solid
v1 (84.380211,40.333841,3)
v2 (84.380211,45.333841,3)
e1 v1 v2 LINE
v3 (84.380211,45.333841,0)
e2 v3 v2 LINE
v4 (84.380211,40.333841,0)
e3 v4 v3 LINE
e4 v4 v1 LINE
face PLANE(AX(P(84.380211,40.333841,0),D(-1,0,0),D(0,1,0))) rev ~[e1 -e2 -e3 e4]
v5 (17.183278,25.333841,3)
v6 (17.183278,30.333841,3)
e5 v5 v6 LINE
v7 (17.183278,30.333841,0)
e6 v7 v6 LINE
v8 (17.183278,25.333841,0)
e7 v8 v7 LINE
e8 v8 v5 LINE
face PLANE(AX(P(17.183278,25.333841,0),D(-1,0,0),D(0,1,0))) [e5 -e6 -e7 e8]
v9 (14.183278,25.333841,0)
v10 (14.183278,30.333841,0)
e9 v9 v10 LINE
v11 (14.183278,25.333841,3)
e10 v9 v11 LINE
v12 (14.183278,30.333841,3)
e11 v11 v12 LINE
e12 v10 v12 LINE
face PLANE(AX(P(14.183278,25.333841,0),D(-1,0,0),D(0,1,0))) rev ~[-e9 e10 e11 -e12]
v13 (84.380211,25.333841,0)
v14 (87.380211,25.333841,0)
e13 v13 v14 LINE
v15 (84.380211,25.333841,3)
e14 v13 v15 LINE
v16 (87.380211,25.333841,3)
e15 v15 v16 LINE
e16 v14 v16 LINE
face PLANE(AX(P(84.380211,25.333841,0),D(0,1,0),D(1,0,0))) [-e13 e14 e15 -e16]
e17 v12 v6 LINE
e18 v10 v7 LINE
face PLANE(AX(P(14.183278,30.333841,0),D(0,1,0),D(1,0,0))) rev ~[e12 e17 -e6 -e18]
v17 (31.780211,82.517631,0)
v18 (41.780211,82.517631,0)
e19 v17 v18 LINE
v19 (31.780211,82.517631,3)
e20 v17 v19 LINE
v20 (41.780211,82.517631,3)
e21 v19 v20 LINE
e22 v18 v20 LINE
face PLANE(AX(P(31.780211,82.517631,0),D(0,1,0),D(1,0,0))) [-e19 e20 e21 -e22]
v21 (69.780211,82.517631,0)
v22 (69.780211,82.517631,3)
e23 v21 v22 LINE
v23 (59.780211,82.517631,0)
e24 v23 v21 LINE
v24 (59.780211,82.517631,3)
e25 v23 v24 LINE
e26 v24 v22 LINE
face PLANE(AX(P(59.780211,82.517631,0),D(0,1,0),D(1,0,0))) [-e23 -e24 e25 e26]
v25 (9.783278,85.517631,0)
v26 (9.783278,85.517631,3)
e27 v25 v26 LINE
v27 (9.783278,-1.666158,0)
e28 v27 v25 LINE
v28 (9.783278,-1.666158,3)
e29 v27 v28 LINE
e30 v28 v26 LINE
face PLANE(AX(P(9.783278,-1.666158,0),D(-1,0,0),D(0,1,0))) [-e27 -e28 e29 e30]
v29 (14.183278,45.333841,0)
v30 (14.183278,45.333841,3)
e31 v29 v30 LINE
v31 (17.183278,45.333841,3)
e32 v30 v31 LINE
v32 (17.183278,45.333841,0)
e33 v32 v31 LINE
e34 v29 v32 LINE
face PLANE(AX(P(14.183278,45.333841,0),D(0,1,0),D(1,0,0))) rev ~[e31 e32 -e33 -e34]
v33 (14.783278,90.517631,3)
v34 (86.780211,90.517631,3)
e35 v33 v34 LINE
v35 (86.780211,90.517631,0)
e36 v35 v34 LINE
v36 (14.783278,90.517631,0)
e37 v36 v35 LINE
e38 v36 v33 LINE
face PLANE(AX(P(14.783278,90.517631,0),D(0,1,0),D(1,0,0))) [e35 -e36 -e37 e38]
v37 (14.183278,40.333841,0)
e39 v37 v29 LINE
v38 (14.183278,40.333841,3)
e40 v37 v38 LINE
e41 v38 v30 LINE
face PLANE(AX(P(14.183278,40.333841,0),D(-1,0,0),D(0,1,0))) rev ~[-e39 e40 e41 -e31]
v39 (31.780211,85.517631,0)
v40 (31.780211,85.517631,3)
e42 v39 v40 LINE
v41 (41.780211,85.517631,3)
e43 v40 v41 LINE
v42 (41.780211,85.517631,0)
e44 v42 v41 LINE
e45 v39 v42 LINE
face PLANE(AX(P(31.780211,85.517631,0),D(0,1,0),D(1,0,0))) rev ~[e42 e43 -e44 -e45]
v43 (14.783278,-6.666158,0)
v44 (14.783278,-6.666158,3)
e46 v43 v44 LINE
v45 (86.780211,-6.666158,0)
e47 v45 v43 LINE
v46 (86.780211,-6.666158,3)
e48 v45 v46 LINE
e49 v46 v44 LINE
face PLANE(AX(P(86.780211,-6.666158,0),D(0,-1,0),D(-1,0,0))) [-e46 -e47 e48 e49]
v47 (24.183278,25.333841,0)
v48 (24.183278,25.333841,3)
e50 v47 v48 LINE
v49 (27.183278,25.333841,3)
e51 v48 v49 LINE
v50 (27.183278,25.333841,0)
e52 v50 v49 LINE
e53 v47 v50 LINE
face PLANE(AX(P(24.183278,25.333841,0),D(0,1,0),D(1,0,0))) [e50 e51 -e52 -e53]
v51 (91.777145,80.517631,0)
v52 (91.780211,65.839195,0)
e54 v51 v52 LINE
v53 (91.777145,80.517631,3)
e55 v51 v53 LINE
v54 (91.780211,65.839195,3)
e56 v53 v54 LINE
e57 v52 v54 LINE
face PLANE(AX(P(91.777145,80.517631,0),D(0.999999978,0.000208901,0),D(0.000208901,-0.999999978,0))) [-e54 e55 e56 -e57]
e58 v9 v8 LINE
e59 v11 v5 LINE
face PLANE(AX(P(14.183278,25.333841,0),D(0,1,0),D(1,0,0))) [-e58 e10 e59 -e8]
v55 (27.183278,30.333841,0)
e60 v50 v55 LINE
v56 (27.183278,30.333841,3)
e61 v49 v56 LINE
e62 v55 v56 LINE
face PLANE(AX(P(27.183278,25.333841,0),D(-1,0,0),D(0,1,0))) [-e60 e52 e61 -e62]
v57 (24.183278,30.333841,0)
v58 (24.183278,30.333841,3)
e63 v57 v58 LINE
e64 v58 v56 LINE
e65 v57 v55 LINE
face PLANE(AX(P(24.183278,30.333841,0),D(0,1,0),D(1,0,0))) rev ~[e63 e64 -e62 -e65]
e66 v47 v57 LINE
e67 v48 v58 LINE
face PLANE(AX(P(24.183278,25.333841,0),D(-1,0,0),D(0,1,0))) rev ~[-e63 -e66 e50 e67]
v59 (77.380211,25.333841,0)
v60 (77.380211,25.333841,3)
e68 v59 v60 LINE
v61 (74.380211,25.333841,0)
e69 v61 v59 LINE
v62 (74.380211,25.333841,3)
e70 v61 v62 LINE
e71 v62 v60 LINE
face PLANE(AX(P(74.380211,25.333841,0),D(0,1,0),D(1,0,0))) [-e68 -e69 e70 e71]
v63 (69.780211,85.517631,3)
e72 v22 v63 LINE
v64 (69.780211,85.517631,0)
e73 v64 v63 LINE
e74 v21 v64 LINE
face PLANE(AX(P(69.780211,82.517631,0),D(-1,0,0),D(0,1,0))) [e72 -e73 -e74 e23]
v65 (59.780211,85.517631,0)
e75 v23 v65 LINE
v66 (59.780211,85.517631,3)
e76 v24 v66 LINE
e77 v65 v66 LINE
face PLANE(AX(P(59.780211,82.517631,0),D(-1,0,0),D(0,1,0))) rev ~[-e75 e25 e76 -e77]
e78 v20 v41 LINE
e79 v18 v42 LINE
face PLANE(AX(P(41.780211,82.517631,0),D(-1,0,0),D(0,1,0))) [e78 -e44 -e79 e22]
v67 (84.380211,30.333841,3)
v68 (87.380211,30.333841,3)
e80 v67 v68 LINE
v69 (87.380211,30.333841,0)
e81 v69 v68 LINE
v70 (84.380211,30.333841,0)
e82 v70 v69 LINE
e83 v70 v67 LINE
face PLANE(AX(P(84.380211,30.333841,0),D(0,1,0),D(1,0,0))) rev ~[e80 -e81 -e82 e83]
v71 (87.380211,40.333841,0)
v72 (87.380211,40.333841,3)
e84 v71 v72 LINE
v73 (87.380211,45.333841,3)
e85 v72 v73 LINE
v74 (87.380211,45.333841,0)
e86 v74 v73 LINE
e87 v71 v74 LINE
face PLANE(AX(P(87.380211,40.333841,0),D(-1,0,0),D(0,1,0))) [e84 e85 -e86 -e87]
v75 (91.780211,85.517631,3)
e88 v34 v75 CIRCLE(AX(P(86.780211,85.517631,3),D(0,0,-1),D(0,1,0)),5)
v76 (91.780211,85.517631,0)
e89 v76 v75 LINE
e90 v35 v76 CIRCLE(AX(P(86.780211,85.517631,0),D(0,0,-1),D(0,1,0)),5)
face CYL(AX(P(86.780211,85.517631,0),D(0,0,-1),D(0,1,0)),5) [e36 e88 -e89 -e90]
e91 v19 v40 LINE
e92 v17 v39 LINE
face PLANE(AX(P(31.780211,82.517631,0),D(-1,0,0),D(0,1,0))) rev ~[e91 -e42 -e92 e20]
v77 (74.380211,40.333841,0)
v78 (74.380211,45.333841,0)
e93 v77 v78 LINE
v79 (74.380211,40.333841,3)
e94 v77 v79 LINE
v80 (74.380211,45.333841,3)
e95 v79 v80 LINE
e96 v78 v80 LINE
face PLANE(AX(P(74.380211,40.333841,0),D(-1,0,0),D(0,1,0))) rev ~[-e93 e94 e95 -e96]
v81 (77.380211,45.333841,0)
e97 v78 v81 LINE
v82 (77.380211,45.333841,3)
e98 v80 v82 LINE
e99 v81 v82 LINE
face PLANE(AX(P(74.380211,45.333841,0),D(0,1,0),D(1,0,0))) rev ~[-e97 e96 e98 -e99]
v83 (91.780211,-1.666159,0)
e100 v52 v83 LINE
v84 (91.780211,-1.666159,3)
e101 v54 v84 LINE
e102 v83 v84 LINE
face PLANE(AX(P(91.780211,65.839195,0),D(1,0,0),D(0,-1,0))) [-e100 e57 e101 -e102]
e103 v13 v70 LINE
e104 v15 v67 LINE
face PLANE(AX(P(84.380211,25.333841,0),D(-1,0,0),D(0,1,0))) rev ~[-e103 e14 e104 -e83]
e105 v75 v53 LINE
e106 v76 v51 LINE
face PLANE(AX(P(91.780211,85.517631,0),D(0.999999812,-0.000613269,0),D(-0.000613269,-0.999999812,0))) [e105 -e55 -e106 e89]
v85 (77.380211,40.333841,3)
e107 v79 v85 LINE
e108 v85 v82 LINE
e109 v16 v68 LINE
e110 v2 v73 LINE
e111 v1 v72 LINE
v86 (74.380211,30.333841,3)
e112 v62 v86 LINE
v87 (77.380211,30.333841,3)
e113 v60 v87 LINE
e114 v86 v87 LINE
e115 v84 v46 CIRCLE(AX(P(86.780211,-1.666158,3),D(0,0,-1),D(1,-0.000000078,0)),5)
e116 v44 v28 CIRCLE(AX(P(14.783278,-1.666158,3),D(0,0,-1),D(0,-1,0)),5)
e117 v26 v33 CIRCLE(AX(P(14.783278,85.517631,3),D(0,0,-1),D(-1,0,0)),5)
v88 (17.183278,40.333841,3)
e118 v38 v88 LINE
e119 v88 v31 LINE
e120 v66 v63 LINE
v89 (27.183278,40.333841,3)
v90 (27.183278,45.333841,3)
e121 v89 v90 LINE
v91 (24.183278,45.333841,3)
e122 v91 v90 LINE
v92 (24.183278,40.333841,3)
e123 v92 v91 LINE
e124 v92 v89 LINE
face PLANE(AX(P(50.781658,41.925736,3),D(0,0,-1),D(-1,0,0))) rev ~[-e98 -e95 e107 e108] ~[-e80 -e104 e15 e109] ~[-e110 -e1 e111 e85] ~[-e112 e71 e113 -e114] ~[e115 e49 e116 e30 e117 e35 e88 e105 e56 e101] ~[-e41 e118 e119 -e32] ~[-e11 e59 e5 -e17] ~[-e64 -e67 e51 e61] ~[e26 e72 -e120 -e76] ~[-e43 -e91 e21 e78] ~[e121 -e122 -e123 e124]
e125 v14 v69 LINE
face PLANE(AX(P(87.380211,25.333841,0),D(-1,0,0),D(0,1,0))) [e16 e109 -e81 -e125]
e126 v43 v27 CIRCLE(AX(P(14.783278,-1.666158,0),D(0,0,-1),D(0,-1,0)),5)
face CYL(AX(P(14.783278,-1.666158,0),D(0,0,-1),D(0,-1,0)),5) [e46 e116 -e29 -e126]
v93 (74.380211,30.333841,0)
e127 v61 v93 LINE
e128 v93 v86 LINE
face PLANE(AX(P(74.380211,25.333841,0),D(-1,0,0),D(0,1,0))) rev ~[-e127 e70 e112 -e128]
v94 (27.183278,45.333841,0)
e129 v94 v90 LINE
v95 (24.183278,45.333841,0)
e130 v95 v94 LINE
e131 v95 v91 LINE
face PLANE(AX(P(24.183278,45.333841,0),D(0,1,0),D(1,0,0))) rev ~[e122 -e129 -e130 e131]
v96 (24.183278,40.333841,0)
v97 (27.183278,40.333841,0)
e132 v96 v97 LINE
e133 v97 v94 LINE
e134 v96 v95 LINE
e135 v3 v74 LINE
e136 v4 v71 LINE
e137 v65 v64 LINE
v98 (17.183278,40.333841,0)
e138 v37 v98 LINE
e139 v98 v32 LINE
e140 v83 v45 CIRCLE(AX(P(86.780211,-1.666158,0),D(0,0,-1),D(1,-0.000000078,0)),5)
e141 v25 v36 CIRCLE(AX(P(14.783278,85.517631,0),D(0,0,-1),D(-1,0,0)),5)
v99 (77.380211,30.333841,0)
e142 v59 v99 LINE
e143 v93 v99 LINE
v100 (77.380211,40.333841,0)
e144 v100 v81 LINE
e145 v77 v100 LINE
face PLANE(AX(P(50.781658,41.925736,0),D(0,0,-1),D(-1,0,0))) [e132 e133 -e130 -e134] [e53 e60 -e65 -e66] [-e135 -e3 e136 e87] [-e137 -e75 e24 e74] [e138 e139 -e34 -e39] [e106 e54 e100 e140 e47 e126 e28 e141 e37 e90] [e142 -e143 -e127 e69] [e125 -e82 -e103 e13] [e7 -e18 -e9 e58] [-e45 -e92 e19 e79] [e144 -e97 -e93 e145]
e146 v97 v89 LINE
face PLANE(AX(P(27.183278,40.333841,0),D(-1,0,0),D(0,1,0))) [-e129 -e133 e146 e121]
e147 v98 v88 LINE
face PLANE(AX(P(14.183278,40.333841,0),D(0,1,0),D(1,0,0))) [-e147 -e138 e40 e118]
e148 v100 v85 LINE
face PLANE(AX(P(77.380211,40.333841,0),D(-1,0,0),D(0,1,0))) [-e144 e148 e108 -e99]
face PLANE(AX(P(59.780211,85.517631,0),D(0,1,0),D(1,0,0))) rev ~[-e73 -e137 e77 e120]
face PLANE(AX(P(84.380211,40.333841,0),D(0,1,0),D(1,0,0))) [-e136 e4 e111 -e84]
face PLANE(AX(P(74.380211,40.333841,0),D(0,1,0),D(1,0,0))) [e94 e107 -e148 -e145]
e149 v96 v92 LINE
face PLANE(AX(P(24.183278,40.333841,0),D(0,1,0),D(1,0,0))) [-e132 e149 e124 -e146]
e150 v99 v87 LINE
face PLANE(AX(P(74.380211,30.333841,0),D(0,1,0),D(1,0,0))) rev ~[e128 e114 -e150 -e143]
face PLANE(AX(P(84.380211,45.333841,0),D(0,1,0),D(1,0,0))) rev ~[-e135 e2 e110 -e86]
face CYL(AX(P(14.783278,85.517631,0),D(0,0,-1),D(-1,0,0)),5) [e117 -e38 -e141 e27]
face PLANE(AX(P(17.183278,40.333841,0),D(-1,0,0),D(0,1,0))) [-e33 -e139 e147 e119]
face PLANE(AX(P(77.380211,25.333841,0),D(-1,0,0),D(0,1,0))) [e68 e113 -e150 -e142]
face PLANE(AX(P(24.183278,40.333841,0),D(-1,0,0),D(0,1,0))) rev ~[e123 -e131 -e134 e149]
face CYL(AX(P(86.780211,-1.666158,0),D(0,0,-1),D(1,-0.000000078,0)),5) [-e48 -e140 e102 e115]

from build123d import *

# Parameters (mm, degrees)
MODEL_W                 = 10
MODEL_H                 = 3
MODEL_W_2               = 3
MODEL_H_2               = 5
SALIENTE_EXTRUIR1_DEPTH = 3


with BuildPart() as part:
    # Model → Saliente-Extruir1 (new body)
    with BuildSketch(Plane.XY):
        with BuildLine():
            Line((91.780211275, 65.839195147), (91.780211275, 57.379955116))
            Line((91.780211275, 57.379955116), (91.780211275, 13.141428354))
            Line((91.780211275, 13.141428354), (91.780211275, 3.638851328))
            Line((91.780211275, 3.638851328), (91.780211275, -1.666158522))
            ThreePointArc((91.780211275, -1.666158522), (90.315745044, -5.201692177), (86.780211275, -6.666158134))
            Line((86.780211275, -6.666158134), (14.78327762, -6.666158134))
            ThreePointArc((14.78327762, -6.666158134), (11.247743714, -5.20169204), (9.78327762, -1.666158134))
            Line((9.78327762, -1.666158134), (9.78327762, 23.733841478))
            Line((9.78327762, 23.733841478), (9.78327762, 46.933841478))
            Line((9.78327762, 46.933841478), (9.78327762, 77.517630631))
            Line((9.78327762, 77.517630631), (9.78327762, 85.517630631))
            ThreePointArc((9.78327762, 85.517630631), (11.247743714, 89.053164537), (14.78327762, 90.517630631))
            Line((14.78327762, 90.517630631), (86.780211275, 90.517630631))
            ThreePointArc((86.780211275, 90.517630631), (90.315745181, 89.053164537), (91.780211275, 85.517630631))
            Line((91.780211275, 85.517630631), (91.77714493, 80.517630631))
            Line((91.77714493, 80.517630631), (91.780211275, 65.839195147))
        make_face()
        with Locations((64.780211275, 84.017630631)):
            Rectangle(MODEL_W, MODEL_H, mode=Mode.SUBTRACT)
        with Locations((36.780211275, 84.017630631)):
            Rectangle(MODEL_W, MODEL_H, mode=Mode.SUBTRACT)
        with Locations((75.880211275, 42.833841478)):
            Rectangle(MODEL_W_2, MODEL_H_2, mode=Mode.SUBTRACT)
        with Locations((75.880211275, 27.833841478)):
            Rectangle(MODEL_W_2, MODEL_H_2, mode=Mode.SUBTRACT)
        with Locations((15.68327762, 42.833841478)):
            Rectangle(MODEL_W_2, MODEL_H_2, mode=Mode.SUBTRACT)
        with Locations((15.68327762, 27.833841478)):
            Rectangle(MODEL_W_2, MODEL_H_2, mode=Mode.SUBTRACT)
        with Locations((85.880211275, 42.833841478)):
            Rectangle(MODEL_W_2, MODEL_H_2, mode=Mode.SUBTRACT)
        with Locations((85.880211275, 27.833841478)):
            Rectangle(MODEL_W_2, MODEL_H_2, mode=Mode.SUBTRACT)
        with Locations((25.68327762, 42.833841478)):
            Rectangle(MODEL_W_2, MODEL_H_2, mode=Mode.SUBTRACT)
        with Locations((25.68327762, 27.833841478)):
            Rectangle(MODEL_W_2, MODEL_H_2, mode=Mode.SUBTRACT)
    extrude(amount=SALIENTE_EXTRUIR1_DEPTH)


solid = part.part
